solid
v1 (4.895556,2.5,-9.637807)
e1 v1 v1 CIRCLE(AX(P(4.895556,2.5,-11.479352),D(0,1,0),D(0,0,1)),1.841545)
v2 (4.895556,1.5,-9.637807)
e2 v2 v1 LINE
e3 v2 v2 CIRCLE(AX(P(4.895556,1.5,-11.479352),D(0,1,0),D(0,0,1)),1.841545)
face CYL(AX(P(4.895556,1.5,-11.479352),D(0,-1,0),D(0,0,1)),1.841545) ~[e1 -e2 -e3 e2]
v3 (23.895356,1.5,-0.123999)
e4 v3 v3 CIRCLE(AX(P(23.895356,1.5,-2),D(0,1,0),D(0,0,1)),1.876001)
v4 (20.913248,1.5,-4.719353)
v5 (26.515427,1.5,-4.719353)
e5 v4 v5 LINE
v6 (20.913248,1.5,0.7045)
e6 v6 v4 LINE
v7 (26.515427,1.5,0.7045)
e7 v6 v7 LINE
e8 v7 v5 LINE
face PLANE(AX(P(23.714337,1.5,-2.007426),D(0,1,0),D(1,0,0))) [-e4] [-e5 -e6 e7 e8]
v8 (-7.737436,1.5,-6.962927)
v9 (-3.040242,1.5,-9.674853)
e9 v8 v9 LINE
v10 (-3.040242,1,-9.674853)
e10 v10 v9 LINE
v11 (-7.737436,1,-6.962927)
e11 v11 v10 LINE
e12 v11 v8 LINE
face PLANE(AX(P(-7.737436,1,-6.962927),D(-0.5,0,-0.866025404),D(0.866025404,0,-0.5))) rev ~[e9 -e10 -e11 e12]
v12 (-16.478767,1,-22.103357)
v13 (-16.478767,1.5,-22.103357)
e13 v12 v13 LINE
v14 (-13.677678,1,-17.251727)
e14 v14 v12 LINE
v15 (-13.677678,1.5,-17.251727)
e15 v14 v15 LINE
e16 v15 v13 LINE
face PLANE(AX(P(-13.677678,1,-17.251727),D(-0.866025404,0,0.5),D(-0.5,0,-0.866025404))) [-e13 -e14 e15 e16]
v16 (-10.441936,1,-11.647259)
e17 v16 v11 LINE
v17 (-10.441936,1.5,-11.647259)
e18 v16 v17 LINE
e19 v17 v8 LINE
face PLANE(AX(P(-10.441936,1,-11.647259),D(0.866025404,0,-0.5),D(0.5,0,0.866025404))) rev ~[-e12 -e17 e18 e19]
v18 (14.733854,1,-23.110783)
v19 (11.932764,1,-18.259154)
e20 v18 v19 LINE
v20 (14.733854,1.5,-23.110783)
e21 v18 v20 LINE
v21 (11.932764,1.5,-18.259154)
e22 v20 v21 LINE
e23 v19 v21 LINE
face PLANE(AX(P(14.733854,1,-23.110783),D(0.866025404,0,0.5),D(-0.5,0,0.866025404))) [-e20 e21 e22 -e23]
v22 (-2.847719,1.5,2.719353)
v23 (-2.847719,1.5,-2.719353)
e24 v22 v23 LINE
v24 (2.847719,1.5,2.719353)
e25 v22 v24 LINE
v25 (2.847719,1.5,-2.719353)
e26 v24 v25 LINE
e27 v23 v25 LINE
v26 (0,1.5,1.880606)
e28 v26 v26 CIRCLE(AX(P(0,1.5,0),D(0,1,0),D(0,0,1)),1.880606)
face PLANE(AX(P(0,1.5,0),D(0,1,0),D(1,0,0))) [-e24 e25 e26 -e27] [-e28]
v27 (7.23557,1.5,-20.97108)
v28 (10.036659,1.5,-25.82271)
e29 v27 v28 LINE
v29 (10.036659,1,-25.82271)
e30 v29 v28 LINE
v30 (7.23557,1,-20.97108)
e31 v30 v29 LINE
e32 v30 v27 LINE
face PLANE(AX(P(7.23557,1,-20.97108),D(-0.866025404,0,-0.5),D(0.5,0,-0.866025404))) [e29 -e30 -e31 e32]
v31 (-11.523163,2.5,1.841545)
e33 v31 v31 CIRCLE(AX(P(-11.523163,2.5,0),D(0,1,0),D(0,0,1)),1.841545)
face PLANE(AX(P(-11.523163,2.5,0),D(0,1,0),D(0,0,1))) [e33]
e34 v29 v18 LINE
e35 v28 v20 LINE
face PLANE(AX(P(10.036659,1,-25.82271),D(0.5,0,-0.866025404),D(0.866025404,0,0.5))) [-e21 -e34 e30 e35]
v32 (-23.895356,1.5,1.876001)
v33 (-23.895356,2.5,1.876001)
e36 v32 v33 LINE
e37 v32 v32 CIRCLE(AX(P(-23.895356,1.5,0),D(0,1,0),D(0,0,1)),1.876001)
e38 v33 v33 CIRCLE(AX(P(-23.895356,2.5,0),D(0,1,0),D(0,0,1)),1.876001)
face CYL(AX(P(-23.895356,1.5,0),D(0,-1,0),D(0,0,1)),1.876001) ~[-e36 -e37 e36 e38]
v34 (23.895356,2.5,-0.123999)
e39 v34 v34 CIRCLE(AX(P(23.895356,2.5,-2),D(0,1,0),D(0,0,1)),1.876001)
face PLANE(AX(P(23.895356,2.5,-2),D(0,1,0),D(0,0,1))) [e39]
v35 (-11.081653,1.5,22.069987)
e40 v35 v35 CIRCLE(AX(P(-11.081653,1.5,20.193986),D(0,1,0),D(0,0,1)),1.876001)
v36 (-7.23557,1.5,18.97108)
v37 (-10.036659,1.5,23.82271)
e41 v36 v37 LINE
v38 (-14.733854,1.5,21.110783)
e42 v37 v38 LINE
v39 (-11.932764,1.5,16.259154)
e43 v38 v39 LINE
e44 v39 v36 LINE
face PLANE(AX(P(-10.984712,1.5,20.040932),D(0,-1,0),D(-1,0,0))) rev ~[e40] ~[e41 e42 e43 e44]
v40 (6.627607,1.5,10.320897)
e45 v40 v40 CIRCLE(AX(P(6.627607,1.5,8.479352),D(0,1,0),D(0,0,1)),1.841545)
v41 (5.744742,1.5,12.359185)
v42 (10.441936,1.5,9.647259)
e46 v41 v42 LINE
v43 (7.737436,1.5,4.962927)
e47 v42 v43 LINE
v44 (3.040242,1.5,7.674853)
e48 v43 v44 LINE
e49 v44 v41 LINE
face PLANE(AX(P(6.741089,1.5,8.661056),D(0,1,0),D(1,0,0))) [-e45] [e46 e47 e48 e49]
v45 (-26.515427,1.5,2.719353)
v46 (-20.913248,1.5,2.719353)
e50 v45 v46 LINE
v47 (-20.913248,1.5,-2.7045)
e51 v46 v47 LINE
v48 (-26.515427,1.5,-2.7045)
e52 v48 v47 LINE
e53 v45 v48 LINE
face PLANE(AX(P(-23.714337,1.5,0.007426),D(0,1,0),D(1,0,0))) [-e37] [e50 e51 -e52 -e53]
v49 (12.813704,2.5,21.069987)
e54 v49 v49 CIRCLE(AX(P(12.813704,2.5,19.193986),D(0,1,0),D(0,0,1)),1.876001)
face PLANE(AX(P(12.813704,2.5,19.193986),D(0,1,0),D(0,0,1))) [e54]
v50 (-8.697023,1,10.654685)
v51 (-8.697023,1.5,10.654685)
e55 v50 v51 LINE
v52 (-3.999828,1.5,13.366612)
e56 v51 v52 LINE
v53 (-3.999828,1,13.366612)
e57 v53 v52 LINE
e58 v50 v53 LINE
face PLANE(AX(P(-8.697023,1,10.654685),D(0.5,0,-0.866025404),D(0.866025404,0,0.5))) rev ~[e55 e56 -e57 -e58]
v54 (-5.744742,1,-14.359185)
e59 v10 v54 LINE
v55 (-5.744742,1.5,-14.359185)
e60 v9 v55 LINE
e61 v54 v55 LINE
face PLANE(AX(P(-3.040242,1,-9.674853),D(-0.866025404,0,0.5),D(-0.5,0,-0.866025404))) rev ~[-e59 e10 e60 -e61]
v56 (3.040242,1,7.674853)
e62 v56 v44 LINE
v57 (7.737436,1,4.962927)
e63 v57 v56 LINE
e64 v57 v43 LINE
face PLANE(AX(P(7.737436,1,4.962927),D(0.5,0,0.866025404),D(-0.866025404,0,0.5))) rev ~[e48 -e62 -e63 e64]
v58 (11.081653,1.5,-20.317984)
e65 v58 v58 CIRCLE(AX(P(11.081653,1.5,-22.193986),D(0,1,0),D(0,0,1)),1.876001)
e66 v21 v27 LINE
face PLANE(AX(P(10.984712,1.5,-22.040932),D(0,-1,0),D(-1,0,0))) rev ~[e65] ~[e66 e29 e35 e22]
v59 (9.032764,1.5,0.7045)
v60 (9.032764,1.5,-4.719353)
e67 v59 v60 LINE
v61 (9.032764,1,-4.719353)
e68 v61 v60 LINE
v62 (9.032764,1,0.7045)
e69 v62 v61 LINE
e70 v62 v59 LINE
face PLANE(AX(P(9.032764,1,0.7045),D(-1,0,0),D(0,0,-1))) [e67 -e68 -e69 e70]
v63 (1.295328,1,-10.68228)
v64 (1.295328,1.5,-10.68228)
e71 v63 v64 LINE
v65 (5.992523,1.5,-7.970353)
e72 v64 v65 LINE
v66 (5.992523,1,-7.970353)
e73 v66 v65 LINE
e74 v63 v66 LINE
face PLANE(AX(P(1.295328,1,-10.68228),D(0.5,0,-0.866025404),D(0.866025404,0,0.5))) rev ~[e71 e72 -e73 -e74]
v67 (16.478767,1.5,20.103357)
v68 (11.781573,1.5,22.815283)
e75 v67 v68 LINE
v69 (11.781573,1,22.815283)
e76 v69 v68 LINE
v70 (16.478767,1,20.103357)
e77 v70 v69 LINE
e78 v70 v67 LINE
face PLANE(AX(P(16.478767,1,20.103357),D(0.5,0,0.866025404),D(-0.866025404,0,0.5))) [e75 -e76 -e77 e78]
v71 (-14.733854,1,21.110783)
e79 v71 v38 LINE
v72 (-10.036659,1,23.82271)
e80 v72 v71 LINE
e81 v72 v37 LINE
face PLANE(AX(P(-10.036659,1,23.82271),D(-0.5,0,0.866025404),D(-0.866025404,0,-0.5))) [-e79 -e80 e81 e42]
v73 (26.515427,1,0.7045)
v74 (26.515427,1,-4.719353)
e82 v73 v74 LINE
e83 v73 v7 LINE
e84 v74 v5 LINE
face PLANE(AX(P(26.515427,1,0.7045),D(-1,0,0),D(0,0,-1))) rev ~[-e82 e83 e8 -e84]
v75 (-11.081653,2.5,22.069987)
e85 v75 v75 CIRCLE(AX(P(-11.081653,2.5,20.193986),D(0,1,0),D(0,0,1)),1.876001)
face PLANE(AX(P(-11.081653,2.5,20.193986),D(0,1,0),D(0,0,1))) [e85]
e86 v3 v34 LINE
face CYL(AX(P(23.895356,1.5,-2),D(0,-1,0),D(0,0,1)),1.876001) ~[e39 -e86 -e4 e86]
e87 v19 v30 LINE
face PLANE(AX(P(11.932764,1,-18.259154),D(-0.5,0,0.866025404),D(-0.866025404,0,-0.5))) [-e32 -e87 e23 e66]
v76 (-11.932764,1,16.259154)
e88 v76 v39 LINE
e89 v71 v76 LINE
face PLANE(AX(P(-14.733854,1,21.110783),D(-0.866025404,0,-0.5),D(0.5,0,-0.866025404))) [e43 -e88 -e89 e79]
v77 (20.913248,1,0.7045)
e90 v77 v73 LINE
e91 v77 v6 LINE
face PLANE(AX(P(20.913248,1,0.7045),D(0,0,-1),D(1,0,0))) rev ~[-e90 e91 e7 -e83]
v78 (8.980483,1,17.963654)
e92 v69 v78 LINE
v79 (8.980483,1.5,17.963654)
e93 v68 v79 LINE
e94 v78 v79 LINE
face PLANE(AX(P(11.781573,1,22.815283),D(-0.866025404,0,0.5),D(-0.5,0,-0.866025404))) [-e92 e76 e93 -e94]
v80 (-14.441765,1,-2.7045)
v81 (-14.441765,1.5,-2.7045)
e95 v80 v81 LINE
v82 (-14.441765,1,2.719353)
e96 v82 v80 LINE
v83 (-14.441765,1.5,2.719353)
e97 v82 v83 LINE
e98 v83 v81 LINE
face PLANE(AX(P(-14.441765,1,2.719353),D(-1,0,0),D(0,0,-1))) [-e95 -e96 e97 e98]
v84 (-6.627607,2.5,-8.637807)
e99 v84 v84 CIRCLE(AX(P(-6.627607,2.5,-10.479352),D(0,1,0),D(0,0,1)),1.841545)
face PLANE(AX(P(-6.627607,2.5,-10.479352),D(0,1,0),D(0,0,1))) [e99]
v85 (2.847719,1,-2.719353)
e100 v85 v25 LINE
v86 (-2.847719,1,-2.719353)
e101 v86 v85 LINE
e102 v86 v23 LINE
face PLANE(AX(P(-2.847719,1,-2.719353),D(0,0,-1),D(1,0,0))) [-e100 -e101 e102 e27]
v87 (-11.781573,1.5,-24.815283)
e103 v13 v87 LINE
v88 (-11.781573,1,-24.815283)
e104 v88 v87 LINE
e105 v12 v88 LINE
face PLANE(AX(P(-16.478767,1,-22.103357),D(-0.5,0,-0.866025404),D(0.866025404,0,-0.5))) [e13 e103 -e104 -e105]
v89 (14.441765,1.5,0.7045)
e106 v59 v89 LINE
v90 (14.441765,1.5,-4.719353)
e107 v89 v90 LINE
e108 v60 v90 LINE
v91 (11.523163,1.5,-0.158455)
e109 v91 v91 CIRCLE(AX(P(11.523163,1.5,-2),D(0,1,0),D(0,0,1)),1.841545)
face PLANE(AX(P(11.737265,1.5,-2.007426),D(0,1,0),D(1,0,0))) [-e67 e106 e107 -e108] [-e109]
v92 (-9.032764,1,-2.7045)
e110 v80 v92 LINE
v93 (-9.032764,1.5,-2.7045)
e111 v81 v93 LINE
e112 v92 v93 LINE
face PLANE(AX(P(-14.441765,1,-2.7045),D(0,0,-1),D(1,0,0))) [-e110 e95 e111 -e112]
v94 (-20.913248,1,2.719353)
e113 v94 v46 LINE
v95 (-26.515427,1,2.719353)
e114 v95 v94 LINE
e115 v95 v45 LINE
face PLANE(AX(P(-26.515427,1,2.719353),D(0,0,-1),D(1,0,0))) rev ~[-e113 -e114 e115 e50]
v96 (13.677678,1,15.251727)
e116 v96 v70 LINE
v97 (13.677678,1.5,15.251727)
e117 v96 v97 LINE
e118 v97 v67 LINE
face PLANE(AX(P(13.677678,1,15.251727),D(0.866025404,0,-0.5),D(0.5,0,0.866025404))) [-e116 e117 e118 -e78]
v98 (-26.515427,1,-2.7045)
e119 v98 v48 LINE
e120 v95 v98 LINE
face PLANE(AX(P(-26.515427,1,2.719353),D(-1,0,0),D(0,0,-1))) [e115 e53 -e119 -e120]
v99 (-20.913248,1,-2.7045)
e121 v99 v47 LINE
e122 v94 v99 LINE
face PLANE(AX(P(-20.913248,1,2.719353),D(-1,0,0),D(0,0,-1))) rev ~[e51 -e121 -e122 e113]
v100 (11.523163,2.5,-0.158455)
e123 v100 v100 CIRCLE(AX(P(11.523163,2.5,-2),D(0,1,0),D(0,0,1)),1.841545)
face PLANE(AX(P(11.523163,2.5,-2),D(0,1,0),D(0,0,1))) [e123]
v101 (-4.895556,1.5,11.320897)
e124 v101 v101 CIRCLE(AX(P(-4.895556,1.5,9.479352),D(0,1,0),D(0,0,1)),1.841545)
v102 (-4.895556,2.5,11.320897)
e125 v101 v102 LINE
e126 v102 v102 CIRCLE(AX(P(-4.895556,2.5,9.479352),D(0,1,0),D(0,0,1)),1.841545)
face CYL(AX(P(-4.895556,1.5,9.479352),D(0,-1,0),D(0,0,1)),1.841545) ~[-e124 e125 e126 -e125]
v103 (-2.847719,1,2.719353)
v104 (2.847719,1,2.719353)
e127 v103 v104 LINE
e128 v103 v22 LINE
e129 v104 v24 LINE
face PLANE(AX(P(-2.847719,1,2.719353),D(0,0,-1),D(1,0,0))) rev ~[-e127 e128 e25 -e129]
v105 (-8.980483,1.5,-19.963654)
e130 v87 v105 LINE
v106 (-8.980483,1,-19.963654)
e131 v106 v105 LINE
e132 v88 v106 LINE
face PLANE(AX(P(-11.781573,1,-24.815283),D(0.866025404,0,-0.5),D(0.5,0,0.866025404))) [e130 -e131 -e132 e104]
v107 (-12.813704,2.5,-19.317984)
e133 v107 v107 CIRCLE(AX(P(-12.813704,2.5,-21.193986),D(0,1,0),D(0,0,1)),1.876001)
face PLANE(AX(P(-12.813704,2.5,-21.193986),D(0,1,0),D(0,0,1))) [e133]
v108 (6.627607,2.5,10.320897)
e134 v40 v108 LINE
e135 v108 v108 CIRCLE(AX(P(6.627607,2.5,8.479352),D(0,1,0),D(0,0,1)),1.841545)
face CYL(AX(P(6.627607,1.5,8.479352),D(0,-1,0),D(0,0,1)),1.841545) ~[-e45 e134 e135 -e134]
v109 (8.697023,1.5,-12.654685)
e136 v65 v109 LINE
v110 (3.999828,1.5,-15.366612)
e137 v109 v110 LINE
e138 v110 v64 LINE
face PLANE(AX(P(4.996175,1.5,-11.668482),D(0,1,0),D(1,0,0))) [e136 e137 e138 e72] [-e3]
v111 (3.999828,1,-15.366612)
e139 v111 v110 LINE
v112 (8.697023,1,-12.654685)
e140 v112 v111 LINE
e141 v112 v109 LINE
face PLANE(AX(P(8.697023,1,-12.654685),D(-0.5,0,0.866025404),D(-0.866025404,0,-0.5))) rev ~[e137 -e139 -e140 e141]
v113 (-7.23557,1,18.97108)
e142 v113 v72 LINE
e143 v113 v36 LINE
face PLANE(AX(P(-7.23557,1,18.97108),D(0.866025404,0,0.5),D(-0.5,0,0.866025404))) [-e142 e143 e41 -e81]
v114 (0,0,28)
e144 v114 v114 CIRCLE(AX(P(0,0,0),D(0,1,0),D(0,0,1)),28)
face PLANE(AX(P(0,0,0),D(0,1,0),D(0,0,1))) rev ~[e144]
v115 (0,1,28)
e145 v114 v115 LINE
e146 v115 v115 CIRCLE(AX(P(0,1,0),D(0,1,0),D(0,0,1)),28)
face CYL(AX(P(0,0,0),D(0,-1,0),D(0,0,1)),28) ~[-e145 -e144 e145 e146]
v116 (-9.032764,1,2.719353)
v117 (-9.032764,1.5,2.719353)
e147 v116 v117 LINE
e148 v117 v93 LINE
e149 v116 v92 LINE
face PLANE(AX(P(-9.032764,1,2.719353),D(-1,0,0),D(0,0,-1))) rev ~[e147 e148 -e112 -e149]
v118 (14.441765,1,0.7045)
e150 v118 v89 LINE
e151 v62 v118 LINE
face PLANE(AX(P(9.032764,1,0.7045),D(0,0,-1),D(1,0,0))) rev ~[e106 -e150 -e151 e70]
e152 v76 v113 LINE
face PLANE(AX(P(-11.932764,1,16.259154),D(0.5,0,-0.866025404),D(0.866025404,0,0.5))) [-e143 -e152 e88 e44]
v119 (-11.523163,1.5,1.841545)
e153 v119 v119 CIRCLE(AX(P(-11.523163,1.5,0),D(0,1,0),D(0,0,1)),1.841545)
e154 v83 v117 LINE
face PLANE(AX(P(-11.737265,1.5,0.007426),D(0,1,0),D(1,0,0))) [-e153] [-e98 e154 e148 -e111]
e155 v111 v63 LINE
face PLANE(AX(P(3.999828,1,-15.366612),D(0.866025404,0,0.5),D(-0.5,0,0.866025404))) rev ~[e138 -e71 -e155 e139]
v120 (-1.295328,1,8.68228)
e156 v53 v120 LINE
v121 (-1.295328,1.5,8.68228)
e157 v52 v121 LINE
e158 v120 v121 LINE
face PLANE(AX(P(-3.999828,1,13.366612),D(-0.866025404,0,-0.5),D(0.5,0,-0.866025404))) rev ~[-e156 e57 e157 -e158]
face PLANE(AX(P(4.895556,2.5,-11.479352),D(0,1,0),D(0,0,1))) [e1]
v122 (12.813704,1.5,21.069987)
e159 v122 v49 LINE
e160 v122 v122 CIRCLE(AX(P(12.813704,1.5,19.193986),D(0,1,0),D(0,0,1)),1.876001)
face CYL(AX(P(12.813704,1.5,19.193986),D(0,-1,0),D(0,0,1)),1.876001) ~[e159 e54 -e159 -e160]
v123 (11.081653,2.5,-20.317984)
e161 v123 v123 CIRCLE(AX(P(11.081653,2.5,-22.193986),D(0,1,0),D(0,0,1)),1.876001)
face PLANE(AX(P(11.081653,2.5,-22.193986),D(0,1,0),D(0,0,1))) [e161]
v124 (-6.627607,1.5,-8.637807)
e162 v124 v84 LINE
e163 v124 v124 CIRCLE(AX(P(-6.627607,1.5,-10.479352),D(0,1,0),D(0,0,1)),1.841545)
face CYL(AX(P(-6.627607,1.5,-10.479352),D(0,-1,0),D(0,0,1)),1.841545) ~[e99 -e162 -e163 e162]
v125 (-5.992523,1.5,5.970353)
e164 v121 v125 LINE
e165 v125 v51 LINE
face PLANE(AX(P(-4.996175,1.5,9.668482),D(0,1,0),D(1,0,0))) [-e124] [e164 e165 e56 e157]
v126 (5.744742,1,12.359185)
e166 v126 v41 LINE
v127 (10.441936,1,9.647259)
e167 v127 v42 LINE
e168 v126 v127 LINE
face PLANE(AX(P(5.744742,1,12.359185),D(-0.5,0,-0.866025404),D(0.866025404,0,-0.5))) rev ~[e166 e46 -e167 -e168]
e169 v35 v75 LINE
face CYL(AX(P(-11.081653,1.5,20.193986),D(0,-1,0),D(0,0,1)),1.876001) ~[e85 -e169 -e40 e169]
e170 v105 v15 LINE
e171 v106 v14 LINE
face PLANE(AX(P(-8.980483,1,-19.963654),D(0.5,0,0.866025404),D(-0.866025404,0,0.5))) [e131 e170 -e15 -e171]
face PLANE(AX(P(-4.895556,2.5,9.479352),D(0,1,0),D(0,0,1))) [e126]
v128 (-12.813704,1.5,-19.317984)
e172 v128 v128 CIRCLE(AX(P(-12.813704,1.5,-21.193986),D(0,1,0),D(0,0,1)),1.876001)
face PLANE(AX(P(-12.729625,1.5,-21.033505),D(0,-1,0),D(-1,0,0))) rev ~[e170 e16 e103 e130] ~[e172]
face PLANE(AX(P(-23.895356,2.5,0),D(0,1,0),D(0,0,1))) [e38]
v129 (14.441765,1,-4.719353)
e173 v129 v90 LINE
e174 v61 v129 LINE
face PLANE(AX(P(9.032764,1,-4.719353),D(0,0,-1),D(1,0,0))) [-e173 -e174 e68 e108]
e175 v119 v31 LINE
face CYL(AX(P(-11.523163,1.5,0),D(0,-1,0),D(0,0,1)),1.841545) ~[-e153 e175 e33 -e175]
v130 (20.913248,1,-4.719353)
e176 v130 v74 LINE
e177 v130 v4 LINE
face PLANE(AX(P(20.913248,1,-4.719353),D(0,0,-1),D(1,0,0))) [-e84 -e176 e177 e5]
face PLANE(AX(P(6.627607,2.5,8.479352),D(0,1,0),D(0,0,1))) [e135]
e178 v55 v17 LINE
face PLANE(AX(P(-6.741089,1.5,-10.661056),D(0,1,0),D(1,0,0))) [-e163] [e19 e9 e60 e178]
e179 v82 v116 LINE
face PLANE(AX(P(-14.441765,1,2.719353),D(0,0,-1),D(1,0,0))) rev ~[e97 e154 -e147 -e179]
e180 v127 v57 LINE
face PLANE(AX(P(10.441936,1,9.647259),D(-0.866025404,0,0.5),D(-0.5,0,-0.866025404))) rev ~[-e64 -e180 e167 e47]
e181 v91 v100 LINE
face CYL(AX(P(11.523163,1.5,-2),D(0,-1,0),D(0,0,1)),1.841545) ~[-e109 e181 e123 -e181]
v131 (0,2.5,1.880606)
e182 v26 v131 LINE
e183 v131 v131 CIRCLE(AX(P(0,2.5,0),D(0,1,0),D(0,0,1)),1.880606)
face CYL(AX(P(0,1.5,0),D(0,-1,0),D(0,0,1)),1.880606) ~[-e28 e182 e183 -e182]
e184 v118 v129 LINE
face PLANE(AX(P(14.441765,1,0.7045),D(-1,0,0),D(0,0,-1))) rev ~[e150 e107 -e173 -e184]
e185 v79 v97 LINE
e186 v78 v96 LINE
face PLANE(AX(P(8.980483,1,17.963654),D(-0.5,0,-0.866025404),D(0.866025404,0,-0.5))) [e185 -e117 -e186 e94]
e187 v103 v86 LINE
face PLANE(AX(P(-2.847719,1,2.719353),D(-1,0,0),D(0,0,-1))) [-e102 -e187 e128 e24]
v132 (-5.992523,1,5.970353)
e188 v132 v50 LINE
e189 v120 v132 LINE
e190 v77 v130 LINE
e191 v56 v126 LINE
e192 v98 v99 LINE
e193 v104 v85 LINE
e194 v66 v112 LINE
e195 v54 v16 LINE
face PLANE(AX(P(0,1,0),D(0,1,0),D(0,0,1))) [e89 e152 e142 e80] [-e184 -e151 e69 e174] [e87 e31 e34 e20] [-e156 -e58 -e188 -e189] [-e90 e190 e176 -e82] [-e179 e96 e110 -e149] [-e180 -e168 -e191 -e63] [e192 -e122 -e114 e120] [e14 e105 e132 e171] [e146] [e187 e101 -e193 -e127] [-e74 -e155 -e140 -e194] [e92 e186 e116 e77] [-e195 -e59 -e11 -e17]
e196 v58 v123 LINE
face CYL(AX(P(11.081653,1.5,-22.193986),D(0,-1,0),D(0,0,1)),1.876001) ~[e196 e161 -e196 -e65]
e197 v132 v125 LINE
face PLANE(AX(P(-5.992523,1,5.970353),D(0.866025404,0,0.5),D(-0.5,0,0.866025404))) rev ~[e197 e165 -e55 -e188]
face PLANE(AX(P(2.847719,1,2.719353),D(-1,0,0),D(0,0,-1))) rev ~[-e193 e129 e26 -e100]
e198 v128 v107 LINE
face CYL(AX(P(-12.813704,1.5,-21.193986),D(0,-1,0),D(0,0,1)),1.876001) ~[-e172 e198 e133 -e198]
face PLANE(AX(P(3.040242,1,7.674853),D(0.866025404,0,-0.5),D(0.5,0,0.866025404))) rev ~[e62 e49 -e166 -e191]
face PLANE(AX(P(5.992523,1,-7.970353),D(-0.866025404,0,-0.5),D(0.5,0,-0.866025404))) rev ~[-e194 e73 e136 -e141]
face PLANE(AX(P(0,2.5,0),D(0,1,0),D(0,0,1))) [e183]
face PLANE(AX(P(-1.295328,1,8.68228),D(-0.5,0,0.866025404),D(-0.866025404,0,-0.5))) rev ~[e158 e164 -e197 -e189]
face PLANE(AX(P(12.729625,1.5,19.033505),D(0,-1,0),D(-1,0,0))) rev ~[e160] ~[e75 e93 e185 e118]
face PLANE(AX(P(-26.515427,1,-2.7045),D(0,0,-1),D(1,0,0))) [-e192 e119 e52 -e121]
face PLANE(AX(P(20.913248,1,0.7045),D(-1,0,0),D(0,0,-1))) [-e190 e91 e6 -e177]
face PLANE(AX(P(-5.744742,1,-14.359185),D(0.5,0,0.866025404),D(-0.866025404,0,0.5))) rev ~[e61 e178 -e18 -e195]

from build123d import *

# Parameters (mm, degrees)
SKETCH1_R           = 28
BOSS_EXTRUDE1_DEPTH = 1
SKETCH2_W           = 5.602179168
SKETCH2_H           = 5.423853163
SKETCH2_W_2         = 5.409000575
SKETCH2_W_3         = 5.69543838
SKETCH2_H_2         = 5.43870575
BOSS_EXTRUDE3_DEPTH = 0.5
SKETCH3_R           = 1.87600115
SKETCH3_R_2         = 1.841544929
SKETCH3_R_3         = 1.880605589
BOSS_EXTRUDE4_DEPTH = 1


with BuildPart() as part:
    # Sketch1 → Boss-Extrude1 (new body)
    with BuildSketch(Plane(origin=(0, 0, 0), x_dir=(1, 0, 0), z_dir=(0, 1, 0))):
        with Locations(Location((0, 0, 0), (0, 0, 270))):
            Circle(SKETCH1_R)
    extrude(amount=BOSS_EXTRUDE1_DEPTH)

    # Sketch2 → Boss-Extrude3 (add)
    with BuildSketch(Plane(origin=(0, 1, 0), x_dir=(1, 0, 0), z_dir=(0, 1, 0))):
        Polygon((-8.980483261, 19.96365386), (-13.677677887, 17.251727279), (-16.47876747, 22.103356754), (-11.781572845, 24.815283336), align=None)
        with Locations((-23.714337206, -0.007426294)):
            Rectangle(SKETCH2_W, SKETCH2_H)
        with Locations((-11.737264504, -0.007426294)):
            Rectangle(SKETCH2_W_2, SKETCH2_H)
        Rectangle(SKETCH2_W_3, SKETCH2_H_2)
        Polygon((-10.441936471, 11.647258747), (-7.737436184, 6.96292684), (-3.040241558, 9.674853421), (-5.744741846, 14.359185329), align=None)
        Polygon((11.932764361, 18.259153573), (7.235569736, 20.971080154), (10.036659319, 25.82270963), (14.733853945, 23.110783048), align=None)
        Polygon((3.99982832, 15.366611623), (1.295328032, 10.682279715), (5.992522658, 7.970353134), (8.697022946, 12.654685041), align=None)
        with Locations((23.714337206, 2.007426294)):
            Rectangle(SKETCH2_W, SKETCH2_H)
        with Locations((11.737264504, 2.007426294)):
            Rectangle(SKETCH2_W_2, SKETCH2_H)
        Polygon((8.980483261, -17.96365386), (13.677677887, -15.251727279), (16.47876747, -20.103356754), (11.781572845, -22.815283336), align=None)
        Polygon((10.441936471, -9.647258747), (7.737436184, -4.96292684), (3.040241558, -7.674853421), (5.744741846, -12.359185329), align=None)
        Polygon((-11.932764361, -16.259153573), (-7.235569736, -18.971080154), (-10.036659319, -23.82270963), (-14.733853945, -21.110783048), align=None)
        Polygon((-3.99982832, -13.366611623), (-1.295328032, -8.682279715), (-5.992522658, -5.970353134), (-8.697022946, -10.654685041), align=None)
    extrude(amount=BOSS_EXTRUDE3_DEPTH)

    # Sketch3 → Boss-Extrude4 (add)
    with BuildSketch(Plane(origin=(0, 1.5, 0), x_dir=(1, 0, 0), z_dir=(0, 1, 0))):
        with Locations(Location((-23.895356308, 0, 0), (0, 0, 270))):
            Circle(SKETCH3_R)
        with Locations(Location((-11.523163477, 0, 0), (0, 0, 270))):
            Circle(SKETCH3_R_2)
        with Locations(Location((0, 0, 0), (0, 0, 270))):
            Circle(SKETCH3_R_3)
        with Locations(Location((-12.813703558, 21.193985595, 0), (0, 0, 270))):
            Circle(SKETCH3_R)
        with Locations(Location((-6.627607142, 10.479352303, 0), (0, 0, 270))):
            Circle(SKETCH3_R_2)
        with Locations(Location((11.08165275, 22.193985595, 0), (0, 0, 270))):
            Circle(SKETCH3_R)
        with Locations(Location((4.895556335, 11.479352303, 0), (0, 0, 270))):
            Circle(SKETCH3_R_2)
        with Locations(Location((23.895356308, 2, 0), (0, 0, 270))):
            Circle(SKETCH3_R)
        with Locations(Location((11.523163477, 2, 0), (0, 0, 270))):
            Circle(SKETCH3_R_2)
        with Locations(Location((12.813703558, -19.193985595, 0), (0, 0, 270))):
            Circle(SKETCH3_R)
        with Locations(Location((6.627607142, -8.479352303, 0), (0, 0, 270))):
            Circle(SKETCH3_R_2)
        with Locations(Location((-11.08165275, -20.193985595, 0), (0, 0, 270))):
            Circle(SKETCH3_R)
        with Locations(Location((-4.895556335, -9.479352303, 0), (0, 0, 270))):
            Circle(SKETCH3_R_2)
    extrude(amount=BOSS_EXTRUDE4_DEPTH)


solid = part.part
